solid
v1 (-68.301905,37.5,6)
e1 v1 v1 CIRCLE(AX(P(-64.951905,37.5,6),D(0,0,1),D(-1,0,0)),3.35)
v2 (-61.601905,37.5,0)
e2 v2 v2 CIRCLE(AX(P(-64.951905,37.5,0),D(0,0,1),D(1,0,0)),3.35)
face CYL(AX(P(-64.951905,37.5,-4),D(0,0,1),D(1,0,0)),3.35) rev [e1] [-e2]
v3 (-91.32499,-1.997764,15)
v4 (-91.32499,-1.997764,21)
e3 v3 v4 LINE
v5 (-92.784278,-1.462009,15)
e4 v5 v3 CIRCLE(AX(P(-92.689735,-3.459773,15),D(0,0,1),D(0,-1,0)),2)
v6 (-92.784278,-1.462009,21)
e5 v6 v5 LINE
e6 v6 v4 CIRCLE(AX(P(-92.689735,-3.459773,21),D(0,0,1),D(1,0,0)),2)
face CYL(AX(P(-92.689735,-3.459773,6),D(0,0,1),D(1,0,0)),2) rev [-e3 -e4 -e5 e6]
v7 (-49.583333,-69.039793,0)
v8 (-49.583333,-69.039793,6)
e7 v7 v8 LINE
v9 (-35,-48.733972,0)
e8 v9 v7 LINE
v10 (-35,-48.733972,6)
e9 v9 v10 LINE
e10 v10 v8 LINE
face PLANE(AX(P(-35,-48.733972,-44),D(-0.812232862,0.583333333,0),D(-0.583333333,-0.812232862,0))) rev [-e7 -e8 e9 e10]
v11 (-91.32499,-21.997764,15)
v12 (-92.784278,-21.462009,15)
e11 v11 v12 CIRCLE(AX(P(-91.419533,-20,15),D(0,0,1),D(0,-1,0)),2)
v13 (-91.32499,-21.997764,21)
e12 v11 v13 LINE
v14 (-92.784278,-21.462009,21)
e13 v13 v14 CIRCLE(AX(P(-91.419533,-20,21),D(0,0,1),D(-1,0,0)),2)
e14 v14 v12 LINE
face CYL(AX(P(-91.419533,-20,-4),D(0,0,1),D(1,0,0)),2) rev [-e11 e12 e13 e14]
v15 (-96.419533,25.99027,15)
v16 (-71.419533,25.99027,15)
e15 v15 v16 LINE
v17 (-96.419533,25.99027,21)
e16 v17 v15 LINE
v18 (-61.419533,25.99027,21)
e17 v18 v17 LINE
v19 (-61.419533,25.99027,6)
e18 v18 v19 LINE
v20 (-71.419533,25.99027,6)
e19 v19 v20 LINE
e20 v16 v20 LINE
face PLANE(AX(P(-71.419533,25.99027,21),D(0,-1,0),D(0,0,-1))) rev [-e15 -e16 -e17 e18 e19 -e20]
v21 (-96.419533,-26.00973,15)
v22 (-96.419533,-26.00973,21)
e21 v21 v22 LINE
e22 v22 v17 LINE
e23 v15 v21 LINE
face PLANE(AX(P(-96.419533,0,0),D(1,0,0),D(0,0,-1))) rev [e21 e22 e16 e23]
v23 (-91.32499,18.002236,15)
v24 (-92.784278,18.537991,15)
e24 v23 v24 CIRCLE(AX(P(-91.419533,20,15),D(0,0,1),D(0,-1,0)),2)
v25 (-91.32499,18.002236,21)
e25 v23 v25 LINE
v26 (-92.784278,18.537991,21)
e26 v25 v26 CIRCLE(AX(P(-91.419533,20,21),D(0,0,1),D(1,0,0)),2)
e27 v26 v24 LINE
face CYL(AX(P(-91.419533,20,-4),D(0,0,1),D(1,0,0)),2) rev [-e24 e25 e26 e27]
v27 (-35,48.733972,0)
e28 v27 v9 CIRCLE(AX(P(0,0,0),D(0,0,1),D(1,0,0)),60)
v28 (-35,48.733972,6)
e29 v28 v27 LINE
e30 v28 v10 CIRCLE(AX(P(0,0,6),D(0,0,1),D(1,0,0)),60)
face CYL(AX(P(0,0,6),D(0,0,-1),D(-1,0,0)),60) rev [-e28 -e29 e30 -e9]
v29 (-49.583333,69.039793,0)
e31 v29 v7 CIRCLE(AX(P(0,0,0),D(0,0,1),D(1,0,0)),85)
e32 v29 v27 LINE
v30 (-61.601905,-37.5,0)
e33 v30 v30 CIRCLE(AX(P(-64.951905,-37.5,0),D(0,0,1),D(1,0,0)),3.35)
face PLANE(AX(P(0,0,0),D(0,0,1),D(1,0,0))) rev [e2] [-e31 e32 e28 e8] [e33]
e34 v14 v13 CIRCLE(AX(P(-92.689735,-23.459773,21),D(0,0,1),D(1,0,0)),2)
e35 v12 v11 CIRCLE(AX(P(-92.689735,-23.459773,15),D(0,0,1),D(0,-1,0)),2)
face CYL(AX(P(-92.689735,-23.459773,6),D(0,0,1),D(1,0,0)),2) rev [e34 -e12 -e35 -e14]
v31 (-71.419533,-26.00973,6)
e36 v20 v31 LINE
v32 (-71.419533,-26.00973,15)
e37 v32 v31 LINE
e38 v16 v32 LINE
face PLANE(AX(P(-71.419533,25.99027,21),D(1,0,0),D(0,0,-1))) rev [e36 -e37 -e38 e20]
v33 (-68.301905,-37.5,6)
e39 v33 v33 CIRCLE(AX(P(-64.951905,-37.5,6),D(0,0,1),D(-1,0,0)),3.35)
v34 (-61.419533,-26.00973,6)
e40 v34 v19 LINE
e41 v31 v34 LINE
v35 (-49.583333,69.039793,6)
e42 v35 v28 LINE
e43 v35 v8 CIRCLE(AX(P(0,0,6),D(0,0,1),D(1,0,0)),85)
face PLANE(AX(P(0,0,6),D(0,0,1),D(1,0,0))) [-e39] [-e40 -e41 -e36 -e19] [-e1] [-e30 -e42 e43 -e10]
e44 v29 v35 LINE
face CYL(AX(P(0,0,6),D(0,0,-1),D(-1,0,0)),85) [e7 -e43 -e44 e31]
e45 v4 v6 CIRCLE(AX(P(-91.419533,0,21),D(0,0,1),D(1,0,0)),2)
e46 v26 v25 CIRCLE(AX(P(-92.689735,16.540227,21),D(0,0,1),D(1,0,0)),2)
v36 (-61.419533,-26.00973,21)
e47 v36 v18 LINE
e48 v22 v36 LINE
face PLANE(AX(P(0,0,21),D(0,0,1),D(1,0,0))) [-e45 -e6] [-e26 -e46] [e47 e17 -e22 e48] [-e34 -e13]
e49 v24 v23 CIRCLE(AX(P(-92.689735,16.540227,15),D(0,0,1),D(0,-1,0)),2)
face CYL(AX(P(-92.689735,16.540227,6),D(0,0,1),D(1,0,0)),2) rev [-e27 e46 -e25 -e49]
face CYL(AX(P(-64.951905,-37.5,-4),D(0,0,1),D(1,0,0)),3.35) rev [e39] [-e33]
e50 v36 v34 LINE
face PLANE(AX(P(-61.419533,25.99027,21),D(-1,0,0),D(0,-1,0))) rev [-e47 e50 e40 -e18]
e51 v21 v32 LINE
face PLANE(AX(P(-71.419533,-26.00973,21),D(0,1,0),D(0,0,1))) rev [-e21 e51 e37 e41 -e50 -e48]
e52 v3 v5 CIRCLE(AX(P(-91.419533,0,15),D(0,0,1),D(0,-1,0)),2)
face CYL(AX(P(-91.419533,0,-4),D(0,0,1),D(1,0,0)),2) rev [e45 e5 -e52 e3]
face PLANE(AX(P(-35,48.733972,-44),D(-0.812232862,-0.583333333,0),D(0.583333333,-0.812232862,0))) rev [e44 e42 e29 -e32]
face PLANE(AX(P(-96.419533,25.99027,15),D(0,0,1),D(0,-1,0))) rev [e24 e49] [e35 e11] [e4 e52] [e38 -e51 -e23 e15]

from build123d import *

# Parameters (mm, degrees)
SKETCH_1_R          = 85
SKETCH_1_R_2        = 60
EXTRUDE_1_DEPTH     = 6
SKETCH_2_R          = 3.35
CUT_EXTRUDE_1_DEPTH = 10
SKETCH_3_W          = 10
SKETCH_3_H          = 52
EXTRUDE_2_DEPTH     = 15
SKETCH_8_W          = 6
SKETCH_8_H          = 52
EXTRUDE_3_DEPTH     = 25
SKETCH_10_W         = 8.003334919
SKETCH_10_H         = 52
EXTRUDE_4_DEPTH     = 25
SKETCH_11_R         = 2
CUT_EXTRUDE_3_DEPTH = 25
CUT_EXTRUDE_4_DEPTH = 50
SKETCH_6_R          = 2
CUT_EXTRUDE_2_DEPTH = 20


with BuildPart() as part:
    # 草图1 → 凸台-拉伸1 (new body)
    with BuildSketch(Plane.XY):
        Circle(SKETCH_1_R)
        Circle(SKETCH_1_R_2, mode=Mode.SUBTRACT)
    extrude(amount=EXTRUDE_1_DEPTH)

    # 草图2 → 切除-拉伸1 (cut)
    with BuildSketch(Plane.XY.offset(6)):
        with Locations((0, 75)):
            Circle(SKETCH_2_R)
        with Locations((64.951905284, 37.5)):
            Circle(SKETCH_2_R)
        with Locations((64.951905284, -37.5)):
            Circle(SKETCH_2_R)
        with Locations((0, -75)):
            Circle(SKETCH_2_R)
        with Locations((-64.951905284, -37.5)):
            Circle(SKETCH_2_R)
        with Locations((-64.951905284, 37.5)):
            Circle(SKETCH_2_R)
    extrude(amount=-CUT_EXTRUDE_1_DEPTH, mode=Mode.SUBTRACT)

    # 草图3 → 凸台-拉伸2 (add)
    with BuildSketch(Plane.XY.offset(6)):
        with Locations((66.419532829, -0.009729533)):
            Rectangle(SKETCH_3_W, SKETCH_3_H)
        with Locations((-66.419532829, -0.009729533)):
            Rectangle(SKETCH_3_W, SKETCH_3_H)
    extrude(amount=EXTRUDE_2_DEPTH)

    # 草图8 → 凸台-拉伸3 (add)
    with BuildSketch(Plane.ZY.offset(71.419532829)):
        with Locations((18, -0.009729533)):
            Rectangle(SKETCH_8_W, SKETCH_8_H)
    extrude(amount=EXTRUDE_3_DEPTH)

    # 草图10 → 凸台-拉伸4 (add)
    with BuildSketch(Plane(origin=(71.419532829, 0, 0), x_dir=(0, 0, -1), z_dir=(1, 0, 0))):
        with Locations((-16.998332541, -0.009729533)):
            Rectangle(SKETCH_10_W, SKETCH_10_H)
    extrude(amount=EXTRUDE_4_DEPTH)

    # 草图11 → 切除-拉伸3 (cut)
    with BuildSketch(Plane.XY.offset(21)):
        with Locations((-91.419532829, 0)):
            Circle(SKETCH_11_R)
        with Locations((-91.419532829, 20)):
            Circle(SKETCH_11_R)
        with Locations(Location((91.419532829, 0, 0), (0, 0, 270))):
            Circle(SKETCH_11_R)
        with Locations(Location((91.419532829, 20, 0), (0, 0, 270))):
            Circle(SKETCH_11_R)
        with Locations((91.419532829, -20)):
            Circle(SKETCH_11_R)
        with Locations(Location((-91.419532829, -20, 0), (0, 0, 270))):
            Circle(SKETCH_11_R)
    extrude(amount=-CUT_EXTRUDE_3_DEPTH, mode=Mode.SUBTRACT)

    # 草图12 → 切除-拉伸4 (cut, symmetric)
    with BuildSketch(Plane.XY.offset(6)):
        with BuildLine():
            Line((-35, 48.733971724), (-49.583333333, 69.039793276))
            ThreePointArc((-49.583333333, 69.039793276), (-42.500689847, 73.611761034), (-35, 77.459666924))
            Line((-35, 77.459666924), (-35, 90))
            Line((-35, 90), (35, 90))
            Line((35, 90), (153.524849436, 90))
            Line((153.524849436, 90), (153.524849436, -90))
            Line((153.524849436, -90), (35, -90))
            Line((35, -90), (-35, -90))
            Line((-35, -90), (-35, -77.459666924))
            ThreePointArc((-35, -77.459666924), (-42.500689847, -73.611761034), (-49.583333333, -69.039793276))
            Line((-49.583333333, -69.039793276), (-35, -48.733971724))
            Line((-35, -48.733971724), (-35, 48.733971724))
        make_face()
    extrude(amount=CUT_EXTRUDE_4_DEPTH, both=True, mode=Mode.SUBTRACT)

    # 草图6 → 切除-拉伸2 (cut)
    with BuildSketch(Plane.XY.offset(26)):
        with Locations((92.689735177, -3.459773101)):
            Circle(SKETCH_6_R)
        with Locations((92.689735177, -23.459773101)):
            Circle(SKETCH_6_R)
        with Locations((92.689735177, 16.540226899)):
            Circle(SKETCH_6_R)
        with Locations((-92.689735177, -23.459773101)):
            Circle(SKETCH_6_R)
        with Locations((-92.689735177, -3.459773101)):
            Circle(SKETCH_6_R)
        with Locations((-92.689735177, 16.540226899)):
            Circle(SKETCH_6_R)
    extrude(amount=-CUT_EXTRUDE_2_DEPTH, mode=Mode.SUBTRACT)


solid = part.part
